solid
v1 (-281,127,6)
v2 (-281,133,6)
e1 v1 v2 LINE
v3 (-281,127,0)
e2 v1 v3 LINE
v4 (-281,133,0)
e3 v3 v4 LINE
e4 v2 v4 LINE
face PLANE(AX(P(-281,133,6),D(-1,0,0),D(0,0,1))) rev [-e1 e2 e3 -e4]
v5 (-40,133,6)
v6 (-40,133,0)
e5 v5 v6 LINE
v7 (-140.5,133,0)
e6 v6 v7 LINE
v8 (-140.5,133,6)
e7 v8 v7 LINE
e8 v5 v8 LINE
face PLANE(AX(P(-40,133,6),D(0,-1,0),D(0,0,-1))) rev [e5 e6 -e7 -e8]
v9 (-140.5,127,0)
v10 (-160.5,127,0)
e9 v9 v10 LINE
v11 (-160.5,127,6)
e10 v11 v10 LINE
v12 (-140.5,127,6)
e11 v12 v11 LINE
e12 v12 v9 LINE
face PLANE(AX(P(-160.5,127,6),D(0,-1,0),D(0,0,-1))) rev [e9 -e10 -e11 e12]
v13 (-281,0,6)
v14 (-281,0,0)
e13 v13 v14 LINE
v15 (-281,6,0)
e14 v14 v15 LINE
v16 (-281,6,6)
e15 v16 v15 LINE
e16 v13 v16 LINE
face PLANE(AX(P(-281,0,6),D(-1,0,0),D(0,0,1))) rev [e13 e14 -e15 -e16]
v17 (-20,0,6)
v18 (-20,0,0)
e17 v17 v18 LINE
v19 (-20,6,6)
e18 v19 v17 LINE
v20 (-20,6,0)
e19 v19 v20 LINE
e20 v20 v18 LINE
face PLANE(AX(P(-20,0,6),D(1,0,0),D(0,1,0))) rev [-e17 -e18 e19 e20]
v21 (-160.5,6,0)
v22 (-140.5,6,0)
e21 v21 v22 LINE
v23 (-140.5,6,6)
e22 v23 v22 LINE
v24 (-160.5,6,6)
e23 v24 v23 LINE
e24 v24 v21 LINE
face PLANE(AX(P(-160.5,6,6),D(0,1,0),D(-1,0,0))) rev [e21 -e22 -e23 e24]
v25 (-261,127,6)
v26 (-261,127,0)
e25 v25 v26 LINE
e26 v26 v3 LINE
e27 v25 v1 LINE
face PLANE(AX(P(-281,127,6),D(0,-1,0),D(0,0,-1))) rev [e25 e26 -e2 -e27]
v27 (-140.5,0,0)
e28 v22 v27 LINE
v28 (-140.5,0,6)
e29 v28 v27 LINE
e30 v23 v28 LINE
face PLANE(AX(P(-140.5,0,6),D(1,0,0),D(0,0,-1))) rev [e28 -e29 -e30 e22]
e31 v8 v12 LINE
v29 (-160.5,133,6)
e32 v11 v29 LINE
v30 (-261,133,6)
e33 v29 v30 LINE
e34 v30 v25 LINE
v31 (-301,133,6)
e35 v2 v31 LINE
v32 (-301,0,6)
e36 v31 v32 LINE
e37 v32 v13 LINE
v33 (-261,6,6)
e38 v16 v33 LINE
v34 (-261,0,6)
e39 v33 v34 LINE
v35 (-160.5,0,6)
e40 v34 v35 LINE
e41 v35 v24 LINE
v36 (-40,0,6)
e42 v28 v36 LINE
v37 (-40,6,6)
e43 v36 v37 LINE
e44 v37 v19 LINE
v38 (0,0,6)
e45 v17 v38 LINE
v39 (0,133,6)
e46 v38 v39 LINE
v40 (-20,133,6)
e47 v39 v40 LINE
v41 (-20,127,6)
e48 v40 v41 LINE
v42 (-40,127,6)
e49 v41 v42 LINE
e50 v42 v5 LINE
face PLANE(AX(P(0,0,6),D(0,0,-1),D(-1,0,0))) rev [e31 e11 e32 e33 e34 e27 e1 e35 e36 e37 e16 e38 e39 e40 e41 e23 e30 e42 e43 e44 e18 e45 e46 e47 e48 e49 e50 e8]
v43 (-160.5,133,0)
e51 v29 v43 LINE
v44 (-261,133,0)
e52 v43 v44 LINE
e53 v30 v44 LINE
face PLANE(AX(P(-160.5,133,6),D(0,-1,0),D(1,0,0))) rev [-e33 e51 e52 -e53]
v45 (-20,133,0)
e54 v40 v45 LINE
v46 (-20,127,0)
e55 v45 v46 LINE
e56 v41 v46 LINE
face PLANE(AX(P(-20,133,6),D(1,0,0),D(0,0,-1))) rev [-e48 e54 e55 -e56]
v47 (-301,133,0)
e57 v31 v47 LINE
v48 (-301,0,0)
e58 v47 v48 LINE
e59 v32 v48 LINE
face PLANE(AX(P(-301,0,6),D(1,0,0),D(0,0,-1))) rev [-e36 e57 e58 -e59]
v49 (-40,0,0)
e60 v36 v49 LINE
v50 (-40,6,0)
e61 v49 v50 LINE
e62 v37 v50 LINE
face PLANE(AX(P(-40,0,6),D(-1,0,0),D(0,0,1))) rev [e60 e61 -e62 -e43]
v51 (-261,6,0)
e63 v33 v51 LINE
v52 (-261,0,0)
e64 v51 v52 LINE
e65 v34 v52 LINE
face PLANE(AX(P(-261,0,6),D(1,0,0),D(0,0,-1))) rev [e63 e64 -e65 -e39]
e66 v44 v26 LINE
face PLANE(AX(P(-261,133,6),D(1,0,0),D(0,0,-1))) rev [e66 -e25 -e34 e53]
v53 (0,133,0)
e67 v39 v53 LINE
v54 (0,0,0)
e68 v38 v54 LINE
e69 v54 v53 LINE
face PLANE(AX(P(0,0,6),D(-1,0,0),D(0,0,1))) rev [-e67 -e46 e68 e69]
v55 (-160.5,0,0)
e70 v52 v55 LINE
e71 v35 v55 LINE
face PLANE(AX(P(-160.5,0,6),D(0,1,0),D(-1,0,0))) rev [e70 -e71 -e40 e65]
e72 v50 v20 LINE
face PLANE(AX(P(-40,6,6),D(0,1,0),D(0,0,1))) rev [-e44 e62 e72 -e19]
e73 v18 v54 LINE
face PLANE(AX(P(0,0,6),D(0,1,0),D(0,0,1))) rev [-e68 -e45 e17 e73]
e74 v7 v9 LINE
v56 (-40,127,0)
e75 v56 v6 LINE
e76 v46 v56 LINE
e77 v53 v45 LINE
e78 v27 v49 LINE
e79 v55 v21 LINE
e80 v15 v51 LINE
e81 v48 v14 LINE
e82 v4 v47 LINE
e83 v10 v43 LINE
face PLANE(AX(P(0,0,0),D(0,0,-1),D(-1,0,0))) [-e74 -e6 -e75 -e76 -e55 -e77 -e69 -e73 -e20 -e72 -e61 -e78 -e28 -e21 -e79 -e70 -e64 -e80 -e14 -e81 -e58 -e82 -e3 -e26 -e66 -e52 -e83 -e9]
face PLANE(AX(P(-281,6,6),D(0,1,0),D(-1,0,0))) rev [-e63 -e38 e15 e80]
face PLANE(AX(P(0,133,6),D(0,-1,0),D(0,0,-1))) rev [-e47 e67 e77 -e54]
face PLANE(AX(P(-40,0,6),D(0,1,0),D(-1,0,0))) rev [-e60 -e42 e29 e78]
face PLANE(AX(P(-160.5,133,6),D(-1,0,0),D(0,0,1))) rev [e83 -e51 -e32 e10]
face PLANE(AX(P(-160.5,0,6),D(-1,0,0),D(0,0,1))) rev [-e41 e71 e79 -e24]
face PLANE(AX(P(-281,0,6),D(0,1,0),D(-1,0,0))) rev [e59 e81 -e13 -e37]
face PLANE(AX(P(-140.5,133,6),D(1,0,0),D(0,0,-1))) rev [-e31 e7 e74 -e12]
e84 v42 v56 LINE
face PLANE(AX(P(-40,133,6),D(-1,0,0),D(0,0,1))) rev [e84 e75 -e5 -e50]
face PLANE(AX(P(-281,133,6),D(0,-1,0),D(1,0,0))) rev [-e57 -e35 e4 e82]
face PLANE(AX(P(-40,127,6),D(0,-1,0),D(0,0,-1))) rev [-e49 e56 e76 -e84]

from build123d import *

# Parameters (mm, degrees)
BOSS_EXTRU_1_DEPTH = 6


with BuildPart() as part:
    # Esquisse1 → Boss.-Extru.1 (new body)
    with BuildSketch(Plane.XY):
        Polygon((-20, 0), (-20, 6), (-40, 6), (-40, 0), (-140.5, 0), (-140.5, 6), (-160.5, 6), (-160.5, 0), (-261, 0), (-261, 6), (-281, 6), (-281, 0), (-301, 0), (-301, 133), (-281, 133), (-281, 127), (-261, 127), (-261, 133), (-160.5, 133), (-160.5, 127), (-140.5, 127), (-140.5, 133), (-40, 133), (-40, 127), (-20, 127), (-20, 133), (0, 133), (0, 0), align=None)
    extrude(amount=BOSS_EXTRU_1_DEPTH)


solid = part.part
